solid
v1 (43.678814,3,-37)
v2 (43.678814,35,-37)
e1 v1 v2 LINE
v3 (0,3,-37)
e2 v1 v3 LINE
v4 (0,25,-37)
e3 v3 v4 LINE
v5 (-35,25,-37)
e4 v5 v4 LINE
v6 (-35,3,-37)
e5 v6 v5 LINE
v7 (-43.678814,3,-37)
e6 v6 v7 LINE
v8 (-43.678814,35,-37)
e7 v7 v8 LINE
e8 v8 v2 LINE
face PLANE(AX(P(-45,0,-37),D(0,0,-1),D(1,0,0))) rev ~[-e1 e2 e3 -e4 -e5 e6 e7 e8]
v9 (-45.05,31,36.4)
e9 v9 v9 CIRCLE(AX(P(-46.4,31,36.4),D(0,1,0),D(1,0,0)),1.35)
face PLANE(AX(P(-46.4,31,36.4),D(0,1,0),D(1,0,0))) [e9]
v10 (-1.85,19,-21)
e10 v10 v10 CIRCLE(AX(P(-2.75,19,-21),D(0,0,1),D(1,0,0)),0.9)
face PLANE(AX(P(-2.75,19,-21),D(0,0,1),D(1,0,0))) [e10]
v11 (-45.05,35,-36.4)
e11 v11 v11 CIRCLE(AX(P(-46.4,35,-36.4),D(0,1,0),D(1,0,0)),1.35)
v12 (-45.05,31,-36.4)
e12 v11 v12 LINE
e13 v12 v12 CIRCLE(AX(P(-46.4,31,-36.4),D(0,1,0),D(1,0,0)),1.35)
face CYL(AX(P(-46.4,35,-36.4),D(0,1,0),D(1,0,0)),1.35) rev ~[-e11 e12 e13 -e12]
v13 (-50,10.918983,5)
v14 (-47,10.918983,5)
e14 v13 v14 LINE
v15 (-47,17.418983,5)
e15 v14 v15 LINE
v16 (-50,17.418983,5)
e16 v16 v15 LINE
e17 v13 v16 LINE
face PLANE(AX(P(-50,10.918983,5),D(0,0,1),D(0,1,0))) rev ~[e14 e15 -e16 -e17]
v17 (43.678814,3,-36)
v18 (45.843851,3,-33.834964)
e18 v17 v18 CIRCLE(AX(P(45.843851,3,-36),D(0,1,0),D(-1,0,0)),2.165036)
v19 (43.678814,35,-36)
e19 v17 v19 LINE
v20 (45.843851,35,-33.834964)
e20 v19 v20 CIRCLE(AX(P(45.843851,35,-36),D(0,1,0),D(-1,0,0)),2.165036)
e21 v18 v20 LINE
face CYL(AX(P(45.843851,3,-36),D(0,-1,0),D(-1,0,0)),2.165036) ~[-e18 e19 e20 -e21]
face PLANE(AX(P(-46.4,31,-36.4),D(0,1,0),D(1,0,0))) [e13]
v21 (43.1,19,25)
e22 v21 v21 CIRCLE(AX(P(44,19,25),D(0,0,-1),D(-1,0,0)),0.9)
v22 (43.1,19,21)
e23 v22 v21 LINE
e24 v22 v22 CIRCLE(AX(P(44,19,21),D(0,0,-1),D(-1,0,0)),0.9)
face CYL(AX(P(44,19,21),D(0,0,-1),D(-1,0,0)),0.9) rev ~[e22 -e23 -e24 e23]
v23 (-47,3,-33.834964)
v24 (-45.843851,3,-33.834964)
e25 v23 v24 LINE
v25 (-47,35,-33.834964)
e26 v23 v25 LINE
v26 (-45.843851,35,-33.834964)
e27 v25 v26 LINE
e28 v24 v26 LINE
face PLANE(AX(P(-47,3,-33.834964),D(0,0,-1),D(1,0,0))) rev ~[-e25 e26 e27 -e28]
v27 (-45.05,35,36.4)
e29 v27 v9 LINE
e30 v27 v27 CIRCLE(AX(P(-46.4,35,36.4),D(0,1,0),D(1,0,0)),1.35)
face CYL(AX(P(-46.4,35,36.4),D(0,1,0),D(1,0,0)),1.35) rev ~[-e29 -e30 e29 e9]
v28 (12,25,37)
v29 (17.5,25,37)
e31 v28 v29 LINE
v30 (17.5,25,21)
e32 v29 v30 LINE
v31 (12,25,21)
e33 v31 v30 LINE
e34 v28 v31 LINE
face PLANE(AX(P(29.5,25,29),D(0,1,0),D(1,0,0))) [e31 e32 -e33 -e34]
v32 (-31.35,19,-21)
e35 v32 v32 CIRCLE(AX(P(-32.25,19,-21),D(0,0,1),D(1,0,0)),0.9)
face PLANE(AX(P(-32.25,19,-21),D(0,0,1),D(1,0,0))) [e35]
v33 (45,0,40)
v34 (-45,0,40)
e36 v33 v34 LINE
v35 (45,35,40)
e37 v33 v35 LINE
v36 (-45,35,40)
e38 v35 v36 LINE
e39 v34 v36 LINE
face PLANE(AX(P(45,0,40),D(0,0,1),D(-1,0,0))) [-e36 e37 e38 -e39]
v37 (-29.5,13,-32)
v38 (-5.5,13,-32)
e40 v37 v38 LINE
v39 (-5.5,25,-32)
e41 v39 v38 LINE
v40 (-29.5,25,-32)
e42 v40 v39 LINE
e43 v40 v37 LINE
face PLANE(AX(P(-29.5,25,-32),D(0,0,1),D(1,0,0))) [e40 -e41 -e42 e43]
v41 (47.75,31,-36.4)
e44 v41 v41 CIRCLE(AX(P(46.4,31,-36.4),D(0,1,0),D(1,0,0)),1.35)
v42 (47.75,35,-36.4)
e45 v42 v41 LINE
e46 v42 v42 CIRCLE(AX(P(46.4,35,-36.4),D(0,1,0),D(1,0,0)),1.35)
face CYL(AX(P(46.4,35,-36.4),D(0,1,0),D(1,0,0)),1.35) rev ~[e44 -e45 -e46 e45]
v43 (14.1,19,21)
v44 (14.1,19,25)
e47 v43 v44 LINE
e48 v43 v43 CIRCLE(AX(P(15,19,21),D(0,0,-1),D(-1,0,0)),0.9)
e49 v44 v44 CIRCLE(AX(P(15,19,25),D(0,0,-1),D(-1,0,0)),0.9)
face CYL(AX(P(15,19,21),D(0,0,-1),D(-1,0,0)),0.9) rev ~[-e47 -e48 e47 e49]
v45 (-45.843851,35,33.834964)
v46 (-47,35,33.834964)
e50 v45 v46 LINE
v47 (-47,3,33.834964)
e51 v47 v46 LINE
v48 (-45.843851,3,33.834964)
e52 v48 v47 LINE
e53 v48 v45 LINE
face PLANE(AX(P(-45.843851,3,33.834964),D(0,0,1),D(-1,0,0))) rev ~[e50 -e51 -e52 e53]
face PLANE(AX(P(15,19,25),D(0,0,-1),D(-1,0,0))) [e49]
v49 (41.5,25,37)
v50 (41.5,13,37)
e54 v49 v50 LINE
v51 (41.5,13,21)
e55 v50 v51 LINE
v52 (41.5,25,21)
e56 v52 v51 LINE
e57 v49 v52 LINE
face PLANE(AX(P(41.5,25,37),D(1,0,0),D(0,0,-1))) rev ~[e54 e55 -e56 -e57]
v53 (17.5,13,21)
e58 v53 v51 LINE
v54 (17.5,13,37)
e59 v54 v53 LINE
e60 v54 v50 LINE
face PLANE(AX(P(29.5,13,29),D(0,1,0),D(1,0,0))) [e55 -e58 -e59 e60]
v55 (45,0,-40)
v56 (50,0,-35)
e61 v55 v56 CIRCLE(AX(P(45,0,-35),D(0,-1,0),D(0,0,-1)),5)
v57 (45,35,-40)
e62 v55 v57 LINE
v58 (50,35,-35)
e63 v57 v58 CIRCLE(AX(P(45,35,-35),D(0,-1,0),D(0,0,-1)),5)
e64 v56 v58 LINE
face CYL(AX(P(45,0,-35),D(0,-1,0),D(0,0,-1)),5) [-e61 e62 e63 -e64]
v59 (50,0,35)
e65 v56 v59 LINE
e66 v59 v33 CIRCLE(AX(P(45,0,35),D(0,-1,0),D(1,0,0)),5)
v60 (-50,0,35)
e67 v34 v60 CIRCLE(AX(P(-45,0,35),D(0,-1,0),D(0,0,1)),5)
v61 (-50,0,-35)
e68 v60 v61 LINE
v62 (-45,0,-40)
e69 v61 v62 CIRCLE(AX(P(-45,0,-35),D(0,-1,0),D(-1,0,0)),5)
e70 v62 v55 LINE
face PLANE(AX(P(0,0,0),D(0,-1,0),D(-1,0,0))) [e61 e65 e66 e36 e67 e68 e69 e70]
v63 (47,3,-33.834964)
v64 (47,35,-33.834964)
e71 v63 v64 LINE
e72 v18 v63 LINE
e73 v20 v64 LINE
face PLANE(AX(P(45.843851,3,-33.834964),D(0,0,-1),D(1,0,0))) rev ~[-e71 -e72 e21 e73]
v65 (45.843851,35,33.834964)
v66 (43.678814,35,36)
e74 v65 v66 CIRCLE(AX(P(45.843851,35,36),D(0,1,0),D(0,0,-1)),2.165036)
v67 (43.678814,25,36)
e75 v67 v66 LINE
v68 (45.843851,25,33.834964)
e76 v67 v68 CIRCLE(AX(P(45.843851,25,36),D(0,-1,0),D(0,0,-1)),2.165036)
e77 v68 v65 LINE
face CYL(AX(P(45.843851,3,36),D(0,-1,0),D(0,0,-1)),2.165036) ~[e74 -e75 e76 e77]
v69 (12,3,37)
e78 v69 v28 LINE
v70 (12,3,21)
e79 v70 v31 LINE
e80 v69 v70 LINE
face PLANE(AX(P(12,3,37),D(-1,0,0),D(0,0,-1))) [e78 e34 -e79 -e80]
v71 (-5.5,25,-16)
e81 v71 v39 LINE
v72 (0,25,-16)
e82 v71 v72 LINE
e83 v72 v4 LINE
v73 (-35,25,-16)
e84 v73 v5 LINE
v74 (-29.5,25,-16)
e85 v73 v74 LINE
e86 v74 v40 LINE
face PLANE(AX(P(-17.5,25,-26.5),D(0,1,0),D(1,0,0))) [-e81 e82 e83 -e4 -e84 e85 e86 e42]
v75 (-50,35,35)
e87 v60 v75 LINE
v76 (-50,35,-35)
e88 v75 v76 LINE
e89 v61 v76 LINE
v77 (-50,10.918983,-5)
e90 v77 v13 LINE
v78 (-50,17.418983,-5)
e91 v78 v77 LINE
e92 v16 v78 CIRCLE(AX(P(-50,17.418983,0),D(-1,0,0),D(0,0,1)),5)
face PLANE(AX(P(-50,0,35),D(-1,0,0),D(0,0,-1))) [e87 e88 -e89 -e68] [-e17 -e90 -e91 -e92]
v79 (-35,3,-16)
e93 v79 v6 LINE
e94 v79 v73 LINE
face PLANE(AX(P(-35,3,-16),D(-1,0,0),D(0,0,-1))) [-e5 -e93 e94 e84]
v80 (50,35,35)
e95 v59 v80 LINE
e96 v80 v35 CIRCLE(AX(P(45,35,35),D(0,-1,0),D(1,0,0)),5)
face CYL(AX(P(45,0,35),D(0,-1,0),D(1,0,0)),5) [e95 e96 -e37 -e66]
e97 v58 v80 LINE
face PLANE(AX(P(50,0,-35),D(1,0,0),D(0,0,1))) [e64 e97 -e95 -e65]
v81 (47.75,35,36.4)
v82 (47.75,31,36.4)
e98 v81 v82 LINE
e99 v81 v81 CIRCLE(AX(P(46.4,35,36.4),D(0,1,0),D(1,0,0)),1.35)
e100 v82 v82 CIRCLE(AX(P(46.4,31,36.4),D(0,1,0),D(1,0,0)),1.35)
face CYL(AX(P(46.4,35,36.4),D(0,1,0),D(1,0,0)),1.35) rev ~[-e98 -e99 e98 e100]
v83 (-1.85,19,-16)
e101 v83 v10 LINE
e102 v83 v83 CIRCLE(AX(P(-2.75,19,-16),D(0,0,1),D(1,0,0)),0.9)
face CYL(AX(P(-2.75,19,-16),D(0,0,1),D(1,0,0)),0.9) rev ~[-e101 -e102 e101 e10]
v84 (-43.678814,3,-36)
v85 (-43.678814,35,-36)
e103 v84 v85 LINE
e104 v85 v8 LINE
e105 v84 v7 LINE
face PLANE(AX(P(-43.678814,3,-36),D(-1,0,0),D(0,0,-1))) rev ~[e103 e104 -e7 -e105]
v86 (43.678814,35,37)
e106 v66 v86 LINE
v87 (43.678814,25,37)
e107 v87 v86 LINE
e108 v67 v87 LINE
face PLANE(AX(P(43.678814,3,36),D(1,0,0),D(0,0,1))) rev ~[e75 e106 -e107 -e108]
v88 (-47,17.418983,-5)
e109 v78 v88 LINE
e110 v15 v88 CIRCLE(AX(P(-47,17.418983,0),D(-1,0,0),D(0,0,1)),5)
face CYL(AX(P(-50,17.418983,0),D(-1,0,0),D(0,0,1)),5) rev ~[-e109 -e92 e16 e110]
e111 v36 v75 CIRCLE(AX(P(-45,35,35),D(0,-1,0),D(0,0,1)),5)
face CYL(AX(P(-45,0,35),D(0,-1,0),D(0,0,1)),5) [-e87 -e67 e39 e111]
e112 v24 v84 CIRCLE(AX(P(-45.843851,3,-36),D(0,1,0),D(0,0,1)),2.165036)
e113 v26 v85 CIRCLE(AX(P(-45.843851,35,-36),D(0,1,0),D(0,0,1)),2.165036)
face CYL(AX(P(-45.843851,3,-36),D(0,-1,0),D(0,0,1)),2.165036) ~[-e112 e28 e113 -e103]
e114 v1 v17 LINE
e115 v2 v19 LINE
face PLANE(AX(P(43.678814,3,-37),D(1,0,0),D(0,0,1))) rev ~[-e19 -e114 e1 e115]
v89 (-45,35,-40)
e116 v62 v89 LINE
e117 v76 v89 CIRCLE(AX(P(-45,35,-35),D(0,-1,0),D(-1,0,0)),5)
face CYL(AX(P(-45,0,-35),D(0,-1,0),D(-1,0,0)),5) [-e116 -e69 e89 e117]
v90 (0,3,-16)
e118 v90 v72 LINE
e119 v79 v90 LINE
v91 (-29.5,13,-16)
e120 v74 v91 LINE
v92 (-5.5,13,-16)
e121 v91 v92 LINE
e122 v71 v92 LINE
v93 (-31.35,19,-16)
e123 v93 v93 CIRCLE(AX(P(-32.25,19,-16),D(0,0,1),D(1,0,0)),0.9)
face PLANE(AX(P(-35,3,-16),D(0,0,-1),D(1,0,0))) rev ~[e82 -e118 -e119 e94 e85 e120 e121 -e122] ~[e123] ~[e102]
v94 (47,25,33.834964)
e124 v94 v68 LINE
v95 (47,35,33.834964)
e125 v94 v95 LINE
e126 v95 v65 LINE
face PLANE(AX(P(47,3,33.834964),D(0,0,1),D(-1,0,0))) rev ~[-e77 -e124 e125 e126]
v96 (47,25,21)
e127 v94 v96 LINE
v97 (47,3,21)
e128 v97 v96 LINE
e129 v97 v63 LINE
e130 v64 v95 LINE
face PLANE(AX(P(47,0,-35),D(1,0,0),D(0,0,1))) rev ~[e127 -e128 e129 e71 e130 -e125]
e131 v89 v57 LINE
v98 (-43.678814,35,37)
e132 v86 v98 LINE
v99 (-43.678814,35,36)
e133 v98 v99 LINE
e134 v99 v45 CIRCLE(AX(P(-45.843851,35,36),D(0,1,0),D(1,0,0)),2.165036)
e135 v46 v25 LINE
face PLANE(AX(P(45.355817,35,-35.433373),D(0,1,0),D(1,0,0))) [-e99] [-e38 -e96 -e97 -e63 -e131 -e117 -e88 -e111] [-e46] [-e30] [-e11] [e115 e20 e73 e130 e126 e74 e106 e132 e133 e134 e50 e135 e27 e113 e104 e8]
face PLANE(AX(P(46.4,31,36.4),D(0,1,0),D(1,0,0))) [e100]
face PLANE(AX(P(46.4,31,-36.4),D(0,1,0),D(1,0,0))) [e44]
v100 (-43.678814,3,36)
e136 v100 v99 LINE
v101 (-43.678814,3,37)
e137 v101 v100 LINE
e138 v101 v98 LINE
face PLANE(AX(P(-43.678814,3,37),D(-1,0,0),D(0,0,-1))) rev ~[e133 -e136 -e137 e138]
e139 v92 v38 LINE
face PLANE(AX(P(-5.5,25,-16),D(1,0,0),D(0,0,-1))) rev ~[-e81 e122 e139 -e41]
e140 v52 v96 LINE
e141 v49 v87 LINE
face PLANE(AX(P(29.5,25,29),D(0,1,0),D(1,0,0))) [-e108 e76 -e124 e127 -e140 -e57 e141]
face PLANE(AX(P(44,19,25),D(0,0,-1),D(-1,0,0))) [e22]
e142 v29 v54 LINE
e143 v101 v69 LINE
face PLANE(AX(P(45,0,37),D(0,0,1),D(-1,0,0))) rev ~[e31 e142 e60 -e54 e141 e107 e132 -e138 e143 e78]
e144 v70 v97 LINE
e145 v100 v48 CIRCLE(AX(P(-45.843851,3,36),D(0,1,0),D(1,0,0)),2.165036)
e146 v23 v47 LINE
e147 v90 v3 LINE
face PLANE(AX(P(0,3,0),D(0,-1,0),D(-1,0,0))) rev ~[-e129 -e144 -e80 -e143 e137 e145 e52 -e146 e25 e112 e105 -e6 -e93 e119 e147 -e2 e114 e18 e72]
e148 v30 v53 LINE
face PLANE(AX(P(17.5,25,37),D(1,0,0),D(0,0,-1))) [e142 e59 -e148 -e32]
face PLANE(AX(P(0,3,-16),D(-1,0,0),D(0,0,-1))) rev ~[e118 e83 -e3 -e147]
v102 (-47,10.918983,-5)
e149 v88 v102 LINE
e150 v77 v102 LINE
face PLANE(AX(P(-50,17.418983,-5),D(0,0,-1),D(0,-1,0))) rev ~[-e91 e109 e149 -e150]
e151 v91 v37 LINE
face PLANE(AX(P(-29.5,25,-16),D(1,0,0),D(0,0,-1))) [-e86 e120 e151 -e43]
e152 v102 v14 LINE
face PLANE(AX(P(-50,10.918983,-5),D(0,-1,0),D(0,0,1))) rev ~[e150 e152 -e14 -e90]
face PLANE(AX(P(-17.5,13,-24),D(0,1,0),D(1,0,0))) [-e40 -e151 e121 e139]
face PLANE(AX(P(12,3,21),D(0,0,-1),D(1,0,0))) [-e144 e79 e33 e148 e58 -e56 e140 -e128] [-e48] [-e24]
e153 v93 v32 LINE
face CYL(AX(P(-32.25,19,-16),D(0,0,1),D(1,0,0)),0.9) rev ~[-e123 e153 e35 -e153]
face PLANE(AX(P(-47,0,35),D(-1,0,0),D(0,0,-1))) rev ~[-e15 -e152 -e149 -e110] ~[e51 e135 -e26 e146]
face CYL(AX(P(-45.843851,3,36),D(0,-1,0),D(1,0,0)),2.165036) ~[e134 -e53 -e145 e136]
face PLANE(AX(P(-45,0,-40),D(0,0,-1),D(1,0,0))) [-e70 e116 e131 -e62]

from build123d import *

# Parameters (mm, degrees)
EXTRUDE_1_DEPTH     = 35
SHELL_2_T           = -3
EXTRUDE_3_DEPTH     = 32
SKETCH_3_R          = 1.35
CUT_EXTRUDE_1_DEPTH = 4
CUT_EXTRUDE_4_DEPTH = 3
SKETCH_7_W          = 35
SKETCH_7_H          = 21
SKETCH_7_H_2        = 16
EXTRUDE_4_DEPTH     = 22
SKETCH_8_W          = 24
SKETCH_8_H          = 16
CUT_EXTRUDE_5_DEPTH = 12
SKETCH_9_R          = 0.9
CUT_EXTRUDE_6_DEPTH = 5
SKETCH_10_R         = 0.9
CUT_EXTRUDE_7_DEPTH = 4


with BuildPart() as part:
    # 草图1 → 凸台-拉伸1 (new body)
    with BuildSketch(Plane(origin=(0, 0, 0), x_dir=(1, 0, 0), z_dir=(0, 1, 0))):
        with BuildLine():
            Line((-45, 40), (45, 40))
            ThreePointArc((45, 40), (48.535533906, 38.535533906), (50, 35))
            Line((50, 35), (50, -35))
            ThreePointArc((50, -35), (48.535533906, -38.535533906), (45, -40))
            Line((45, -40), (-45, -40))
            ThreePointArc((-45, -40), (-48.535533906, -38.535533906), (-50, -35))
            Line((-50, -35), (-50, 35))
            ThreePointArc((-50, 35), (-48.535533906, 38.535533906), (-45, 40))
        make_face()
    extrude(amount=EXTRUDE_1_DEPTH)

    # 抽壳2
    shell_2_openings = [part.faces().sort_by_distance(p)[0] for p in [
        (0, 35, 0),
    ]]
    offset(amount=SHELL_2_T, openings=shell_2_openings, kind=Kind.INTERSECTION)

    # 草图2 → 凸台-拉伸3 (add)
    with BuildSketch(Plane(origin=(0, 3, 0), x_dir=(1, 0, 0), z_dir=(0, 1, 0))):
        with BuildLine():
            Line((47, 33.834963516), (47, 35))
            ThreePointArc((47, 35), (46.414213562, 36.414213562), (45, 37))
            Line((45, 37), (43.678814145, 37))
            Line((43.678814145, 37), (43.678814145, 36))
            ThreePointArc((43.678814145, 36), (44.31293865, 34.46908802), (45.843850629, 33.834963516))
            Line((45.843850629, 33.834963516), (47, 33.834963516))
        make_face()
        with BuildLine():
            Line((-43.678814145, 36), (-43.678814145, 37))
            Line((-43.678814145, 37), (-45, 37))
            ThreePointArc((-45, 37), (-46.414213562, 36.414213562), (-47, 35))
            Line((-47, 35), (-47, 33.834963516))
            Line((-47, 33.834963516), (-45.843850629, 33.834963516))
            ThreePointArc((-45.843850629, 33.834963516), (-44.31293865, 34.46908802), (-43.678814145, 36))
        make_face()
        with BuildLine():
            Line((43.678814145, -37), (45, -37))
            ThreePointArc((45, -37), (46.414213562, -36.414213562), (47, -35))
            Line((47, -35), (47, -33.834963516))
            Line((47, -33.834963516), (45.843850629, -33.834963516))
            ThreePointArc((45.843850629, -33.834963516), (44.31293865, -34.46908802), (43.678814145, -36))
            Line((43.678814145, -36), (43.678814145, -37))
        make_face()
        with BuildLine():
            Line((-47, -33.834963516), (-47, -35))
            ThreePointArc((-47, -35), (-46.414213562, -36.414213562), (-45, -37))
            Line((-45, -37), (-43.678814145, -37))
            Line((-43.678814145, -37), (-43.678814145, -36))
            ThreePointArc((-43.678814145, -36), (-44.31293865, -34.46908802), (-45.843850629, -33.834963516))
            Line((-45.843850629, -33.834963516), (-47, -33.834963516))
        make_face()
    extrude(amount=EXTRUDE_3_DEPTH)

    # 草图3 → 切除-拉伸1 (cut)
    with BuildSketch(Plane(origin=(0, 35, 0), x_dir=(1, 0, 0), z_dir=(0, 1, 0))):
        with Locations((-46.4, 36.4)):
            Circle(SKETCH_3_R)
        with Locations((46.4, 36.4)):
            Circle(SKETCH_3_R)
        with Locations((46.4, -36.4)):
            Circle(SKETCH_3_R)
        with Locations((-46.4, -36.4)):
            Circle(SKETCH_3_R)
    extrude(amount=-CUT_EXTRUDE_1_DEPTH, mode=Mode.SUBTRACT)

    # 草图6 → 切除-拉伸4 (cut)
    with BuildSketch(Plane.ZY.offset(50)):
        with BuildLine():
            Line((-5, 17.418982567), (-5, 10.918982567))
            Line((-5, 10.918982567), (5, 10.918982567))
            Line((5, 10.918982567), (5, 17.418982567))
            ThreePointArc((5, 17.418982567), (0, 22.418982567), (-5, 17.418982567))
        make_face()
    extrude(amount=-CUT_EXTRUDE_4_DEPTH, mode=Mode.SUBTRACT)

    # 草图7 → 凸台-拉伸4 (add)
    with BuildSketch(Plane(origin=(0, 3, 0), x_dir=(1, 0, 0), z_dir=(0, 1, 0))):
        with Locations((-17.5, 26.5)):
            Rectangle(SKETCH_7_W, SKETCH_7_H)
        with Locations((29.5, -29)):
            Rectangle(SKETCH_7_W, SKETCH_7_H_2)
    extrude(amount=EXTRUDE_4_DEPTH)

    # 草图8 → 切除-拉伸5 (cut)
    with BuildSketch(Plane(origin=(0, 25, 0), x_dir=(1, 0, 0), z_dir=(0, 1, 0))):
        with Locations((29.5, -29)):
            Rectangle(SKETCH_8_W, SKETCH_8_H)
        with Locations((-17.5, 24)):
            Rectangle(SKETCH_8_W, SKETCH_8_H)
    extrude(amount=-CUT_EXTRUDE_5_DEPTH, mode=Mode.SUBTRACT)

    # 草图9 → 切除-拉伸6 (cut)
    with BuildSketch(Plane.XY.offset(-16)):
        with Locations((-2.75, 19)):
            Circle(SKETCH_9_R)
        with Locations((-32.25, 19)):
            Circle(SKETCH_9_R)
    extrude(amount=-CUT_EXTRUDE_6_DEPTH, mode=Mode.SUBTRACT)

    # 草图10 → 切除-拉伸7 (cut)
    with BuildSketch(Plane(origin=(0, 0, 21), x_dir=(-1, 0, 0), z_dir=(0, 0, -1))):
        with Locations((-44, 19)):
            Circle(SKETCH_10_R)
        with Locations((-15, 19)):
            Circle(SKETCH_10_R)
    extrude(amount=-CUT_EXTRUDE_7_DEPTH, mode=Mode.SUBTRACT)


solid = part.part
